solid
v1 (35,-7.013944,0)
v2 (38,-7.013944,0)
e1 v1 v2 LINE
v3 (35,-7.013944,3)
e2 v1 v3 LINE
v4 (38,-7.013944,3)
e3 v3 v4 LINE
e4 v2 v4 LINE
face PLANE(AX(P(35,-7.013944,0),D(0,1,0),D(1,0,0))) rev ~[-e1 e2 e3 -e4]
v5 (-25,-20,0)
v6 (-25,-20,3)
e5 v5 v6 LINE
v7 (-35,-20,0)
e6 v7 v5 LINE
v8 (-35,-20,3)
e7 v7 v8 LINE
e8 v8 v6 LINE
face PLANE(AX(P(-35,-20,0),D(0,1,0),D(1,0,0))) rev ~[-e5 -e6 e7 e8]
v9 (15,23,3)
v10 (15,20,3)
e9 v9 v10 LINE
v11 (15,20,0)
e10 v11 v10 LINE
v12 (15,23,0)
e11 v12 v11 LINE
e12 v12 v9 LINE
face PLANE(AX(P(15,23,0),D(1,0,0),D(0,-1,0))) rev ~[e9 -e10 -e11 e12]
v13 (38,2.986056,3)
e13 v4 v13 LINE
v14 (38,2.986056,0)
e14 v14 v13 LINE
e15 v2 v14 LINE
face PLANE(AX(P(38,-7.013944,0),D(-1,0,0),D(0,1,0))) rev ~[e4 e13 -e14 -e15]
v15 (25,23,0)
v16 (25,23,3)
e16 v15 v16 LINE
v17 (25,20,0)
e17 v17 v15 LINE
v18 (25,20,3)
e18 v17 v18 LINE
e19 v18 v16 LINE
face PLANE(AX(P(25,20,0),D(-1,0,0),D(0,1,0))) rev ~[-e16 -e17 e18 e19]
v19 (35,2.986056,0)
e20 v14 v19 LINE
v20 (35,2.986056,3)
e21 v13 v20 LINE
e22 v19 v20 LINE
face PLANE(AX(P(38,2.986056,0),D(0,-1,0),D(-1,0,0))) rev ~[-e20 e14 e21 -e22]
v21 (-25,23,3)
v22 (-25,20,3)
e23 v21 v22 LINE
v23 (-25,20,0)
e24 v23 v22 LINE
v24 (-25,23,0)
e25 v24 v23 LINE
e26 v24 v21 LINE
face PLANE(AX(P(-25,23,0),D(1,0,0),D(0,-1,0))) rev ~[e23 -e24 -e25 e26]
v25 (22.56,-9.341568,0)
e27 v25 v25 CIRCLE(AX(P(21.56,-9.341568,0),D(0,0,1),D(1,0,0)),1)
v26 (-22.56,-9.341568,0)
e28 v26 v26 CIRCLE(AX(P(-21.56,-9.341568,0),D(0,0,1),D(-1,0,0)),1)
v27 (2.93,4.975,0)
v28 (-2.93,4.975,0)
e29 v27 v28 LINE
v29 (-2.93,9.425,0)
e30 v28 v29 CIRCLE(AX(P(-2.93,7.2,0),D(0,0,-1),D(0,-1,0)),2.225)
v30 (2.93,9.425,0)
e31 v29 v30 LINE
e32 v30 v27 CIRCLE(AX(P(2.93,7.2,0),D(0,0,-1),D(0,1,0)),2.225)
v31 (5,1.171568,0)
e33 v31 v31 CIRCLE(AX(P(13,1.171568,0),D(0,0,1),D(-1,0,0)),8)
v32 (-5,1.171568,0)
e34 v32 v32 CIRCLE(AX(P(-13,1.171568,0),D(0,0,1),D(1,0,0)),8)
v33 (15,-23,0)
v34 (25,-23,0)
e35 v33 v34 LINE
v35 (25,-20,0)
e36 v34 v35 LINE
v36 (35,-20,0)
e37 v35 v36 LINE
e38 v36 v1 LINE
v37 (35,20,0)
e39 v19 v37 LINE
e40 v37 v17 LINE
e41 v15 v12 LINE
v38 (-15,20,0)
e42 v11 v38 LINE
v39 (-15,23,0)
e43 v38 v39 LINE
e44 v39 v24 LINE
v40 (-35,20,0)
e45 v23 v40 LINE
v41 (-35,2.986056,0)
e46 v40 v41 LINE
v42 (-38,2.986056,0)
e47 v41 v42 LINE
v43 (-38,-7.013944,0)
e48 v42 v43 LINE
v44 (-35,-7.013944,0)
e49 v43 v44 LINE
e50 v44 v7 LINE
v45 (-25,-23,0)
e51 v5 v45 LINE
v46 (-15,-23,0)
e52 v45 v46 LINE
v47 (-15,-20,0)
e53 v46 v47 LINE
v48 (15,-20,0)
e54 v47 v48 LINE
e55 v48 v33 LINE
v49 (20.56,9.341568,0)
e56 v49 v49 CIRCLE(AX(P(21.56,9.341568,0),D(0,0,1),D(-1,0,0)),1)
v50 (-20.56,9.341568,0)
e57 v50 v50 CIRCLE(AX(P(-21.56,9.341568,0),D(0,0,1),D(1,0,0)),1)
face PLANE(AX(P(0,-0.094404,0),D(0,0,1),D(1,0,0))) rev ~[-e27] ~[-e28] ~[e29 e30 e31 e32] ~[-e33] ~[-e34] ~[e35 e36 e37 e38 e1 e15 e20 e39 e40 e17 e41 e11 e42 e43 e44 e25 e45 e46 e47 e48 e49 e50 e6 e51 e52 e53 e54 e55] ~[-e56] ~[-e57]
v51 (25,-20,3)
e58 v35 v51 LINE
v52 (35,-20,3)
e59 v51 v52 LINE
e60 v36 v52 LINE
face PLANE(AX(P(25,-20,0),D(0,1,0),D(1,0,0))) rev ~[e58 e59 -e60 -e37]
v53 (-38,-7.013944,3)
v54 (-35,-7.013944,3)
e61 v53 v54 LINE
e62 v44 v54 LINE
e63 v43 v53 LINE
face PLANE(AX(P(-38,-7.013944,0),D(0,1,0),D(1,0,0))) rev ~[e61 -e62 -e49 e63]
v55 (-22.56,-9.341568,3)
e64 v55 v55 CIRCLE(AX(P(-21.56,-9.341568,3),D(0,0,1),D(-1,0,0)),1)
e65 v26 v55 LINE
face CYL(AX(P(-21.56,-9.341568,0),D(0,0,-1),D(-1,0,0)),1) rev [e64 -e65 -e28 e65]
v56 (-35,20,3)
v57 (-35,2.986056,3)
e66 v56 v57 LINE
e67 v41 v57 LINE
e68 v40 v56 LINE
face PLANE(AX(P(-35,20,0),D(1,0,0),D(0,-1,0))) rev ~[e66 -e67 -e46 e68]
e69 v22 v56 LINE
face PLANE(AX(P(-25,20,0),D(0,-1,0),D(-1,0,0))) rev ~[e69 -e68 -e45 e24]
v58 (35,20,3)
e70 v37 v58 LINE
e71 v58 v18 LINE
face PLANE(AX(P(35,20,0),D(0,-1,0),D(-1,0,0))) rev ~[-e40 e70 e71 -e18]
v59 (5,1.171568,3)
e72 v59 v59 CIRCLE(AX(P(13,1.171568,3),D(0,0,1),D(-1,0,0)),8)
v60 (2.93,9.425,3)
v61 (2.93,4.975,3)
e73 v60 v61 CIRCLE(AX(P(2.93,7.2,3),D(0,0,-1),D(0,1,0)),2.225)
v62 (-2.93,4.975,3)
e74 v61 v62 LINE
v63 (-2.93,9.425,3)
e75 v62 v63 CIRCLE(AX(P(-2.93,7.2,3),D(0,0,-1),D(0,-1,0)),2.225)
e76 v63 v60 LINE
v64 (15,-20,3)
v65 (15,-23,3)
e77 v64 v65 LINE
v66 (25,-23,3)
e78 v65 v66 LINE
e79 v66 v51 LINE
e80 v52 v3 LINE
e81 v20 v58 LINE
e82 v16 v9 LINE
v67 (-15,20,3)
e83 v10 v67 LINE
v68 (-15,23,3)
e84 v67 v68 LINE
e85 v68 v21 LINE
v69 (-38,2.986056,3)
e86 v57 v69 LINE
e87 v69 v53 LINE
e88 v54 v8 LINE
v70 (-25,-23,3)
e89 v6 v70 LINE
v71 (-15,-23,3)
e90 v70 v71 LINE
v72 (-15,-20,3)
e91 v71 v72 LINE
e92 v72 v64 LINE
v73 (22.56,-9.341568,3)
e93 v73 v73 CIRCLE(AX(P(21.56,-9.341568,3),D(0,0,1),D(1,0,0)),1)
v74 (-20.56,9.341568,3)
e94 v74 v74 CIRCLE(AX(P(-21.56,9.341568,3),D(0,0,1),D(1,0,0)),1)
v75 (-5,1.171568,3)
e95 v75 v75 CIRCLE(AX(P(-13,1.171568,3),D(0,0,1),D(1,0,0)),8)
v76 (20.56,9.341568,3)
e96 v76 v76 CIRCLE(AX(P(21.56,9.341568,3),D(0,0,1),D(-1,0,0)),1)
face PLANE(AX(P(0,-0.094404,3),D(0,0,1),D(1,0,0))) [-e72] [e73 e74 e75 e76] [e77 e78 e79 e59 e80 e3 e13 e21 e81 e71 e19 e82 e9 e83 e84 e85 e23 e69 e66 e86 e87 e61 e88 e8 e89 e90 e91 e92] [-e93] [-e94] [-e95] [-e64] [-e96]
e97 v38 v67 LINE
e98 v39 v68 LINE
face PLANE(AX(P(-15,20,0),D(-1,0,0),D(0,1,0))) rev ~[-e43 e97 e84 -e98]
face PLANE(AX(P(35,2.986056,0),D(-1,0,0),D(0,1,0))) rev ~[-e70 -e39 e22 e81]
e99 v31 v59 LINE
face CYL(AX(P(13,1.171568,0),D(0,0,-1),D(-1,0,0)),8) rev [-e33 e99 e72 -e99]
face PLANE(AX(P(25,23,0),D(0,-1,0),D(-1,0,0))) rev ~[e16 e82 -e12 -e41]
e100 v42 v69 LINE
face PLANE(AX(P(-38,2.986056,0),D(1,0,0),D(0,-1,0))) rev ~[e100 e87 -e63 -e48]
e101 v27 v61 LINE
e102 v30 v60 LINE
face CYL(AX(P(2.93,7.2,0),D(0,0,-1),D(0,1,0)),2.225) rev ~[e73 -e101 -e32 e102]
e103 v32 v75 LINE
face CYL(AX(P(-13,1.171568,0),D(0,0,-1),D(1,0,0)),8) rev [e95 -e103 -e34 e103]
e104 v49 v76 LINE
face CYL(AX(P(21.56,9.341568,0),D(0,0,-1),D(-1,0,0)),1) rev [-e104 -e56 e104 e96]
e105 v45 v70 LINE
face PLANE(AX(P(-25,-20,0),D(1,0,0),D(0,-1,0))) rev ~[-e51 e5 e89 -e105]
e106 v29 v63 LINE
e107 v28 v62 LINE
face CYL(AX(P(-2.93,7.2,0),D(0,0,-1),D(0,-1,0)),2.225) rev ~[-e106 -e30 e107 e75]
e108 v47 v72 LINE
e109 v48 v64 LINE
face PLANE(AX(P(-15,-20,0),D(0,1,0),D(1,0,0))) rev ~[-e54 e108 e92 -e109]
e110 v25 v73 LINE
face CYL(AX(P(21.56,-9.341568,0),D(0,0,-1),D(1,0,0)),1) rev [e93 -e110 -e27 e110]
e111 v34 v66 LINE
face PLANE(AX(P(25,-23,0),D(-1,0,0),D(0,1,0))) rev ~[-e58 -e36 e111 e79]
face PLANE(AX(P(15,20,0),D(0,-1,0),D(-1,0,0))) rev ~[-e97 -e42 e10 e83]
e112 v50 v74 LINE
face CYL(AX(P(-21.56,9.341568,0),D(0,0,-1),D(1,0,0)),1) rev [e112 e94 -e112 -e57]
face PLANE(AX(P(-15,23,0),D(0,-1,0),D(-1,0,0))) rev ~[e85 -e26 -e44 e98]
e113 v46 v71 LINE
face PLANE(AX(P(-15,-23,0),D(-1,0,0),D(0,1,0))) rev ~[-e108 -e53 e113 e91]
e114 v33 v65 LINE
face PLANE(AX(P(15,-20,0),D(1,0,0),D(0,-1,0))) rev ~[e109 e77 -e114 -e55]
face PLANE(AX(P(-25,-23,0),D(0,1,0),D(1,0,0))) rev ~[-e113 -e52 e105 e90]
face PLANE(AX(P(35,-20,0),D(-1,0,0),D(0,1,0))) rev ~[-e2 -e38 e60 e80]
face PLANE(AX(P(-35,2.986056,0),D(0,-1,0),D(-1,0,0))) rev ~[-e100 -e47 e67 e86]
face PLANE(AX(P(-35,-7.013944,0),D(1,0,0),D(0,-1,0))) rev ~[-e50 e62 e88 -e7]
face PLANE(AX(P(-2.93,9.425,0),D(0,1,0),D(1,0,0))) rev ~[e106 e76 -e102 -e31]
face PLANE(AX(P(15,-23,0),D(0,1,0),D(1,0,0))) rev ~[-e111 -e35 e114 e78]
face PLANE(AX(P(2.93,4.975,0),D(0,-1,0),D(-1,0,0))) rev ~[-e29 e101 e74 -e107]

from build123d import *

# Parameters (mm, degrees)
SKETCH_1_R      = 8
SKETCH_1_R_2    = 1
EXTRUDE_1_DEPTH = 3


with BuildPart() as part:
    # 草图1 → 凸台-拉伸1 (new body)
    with BuildSketch(Plane.XY):
        Polygon((-35, -7.01394437), (-35, -20), (-25, -20), (-25, -23), (-15, -23), (-15, -20), (15, -20), (15, -23), (25, -23), (25, -20), (35, -20), (35, -7.01394437), (38, -7.01394437), (38, 2.98605563), (35, 2.98605563), (35, 20), (25, 20), (25, 23), (15, 23), (15, 20), (-15, 20), (-15, 23), (-25, 23), (-25, 20), (-35, 20), (-35, 2.98605563), (-38, 2.98605563), (-38, -7.01394437), align=None)
        with Locations((-13, 1.171567705)):
            Circle(SKETCH_1_R, mode=Mode.SUBTRACT)
        with Locations(Location((13, 1.171567705, 0), (0, 0, 180))):
            Circle(SKETCH_1_R, mode=Mode.SUBTRACT)
        with Locations((-21.56, 9.341567705)):
            Circle(SKETCH_1_R_2, mode=Mode.SUBTRACT)
        with Locations(Location((-21.56, -9.341567705, 0), (0, 0, 180))):
            Circle(SKETCH_1_R_2, mode=Mode.SUBTRACT)
        with Locations((21.56, -9.341567705)):
            Circle(SKETCH_1_R_2, mode=Mode.SUBTRACT)
        with Locations(Location((21.56, 9.341567705, 0), (0, 0, 180))):
            Circle(SKETCH_1_R_2, mode=Mode.SUBTRACT)
        with BuildLine():
            Line((-2.93, 9.425), (2.93, 9.425))
            ThreePointArc((2.93, 9.425), (5.155, 7.2), (2.93, 4.975))
            Line((2.93, 4.975), (-2.93, 4.975))
            ThreePointArc((-2.93, 4.975), (-5.155, 7.2), (-2.93, 9.425))
        make_face(mode=Mode.SUBTRACT)
    extrude(amount=EXTRUDE_1_DEPTH)


solid = part.part
